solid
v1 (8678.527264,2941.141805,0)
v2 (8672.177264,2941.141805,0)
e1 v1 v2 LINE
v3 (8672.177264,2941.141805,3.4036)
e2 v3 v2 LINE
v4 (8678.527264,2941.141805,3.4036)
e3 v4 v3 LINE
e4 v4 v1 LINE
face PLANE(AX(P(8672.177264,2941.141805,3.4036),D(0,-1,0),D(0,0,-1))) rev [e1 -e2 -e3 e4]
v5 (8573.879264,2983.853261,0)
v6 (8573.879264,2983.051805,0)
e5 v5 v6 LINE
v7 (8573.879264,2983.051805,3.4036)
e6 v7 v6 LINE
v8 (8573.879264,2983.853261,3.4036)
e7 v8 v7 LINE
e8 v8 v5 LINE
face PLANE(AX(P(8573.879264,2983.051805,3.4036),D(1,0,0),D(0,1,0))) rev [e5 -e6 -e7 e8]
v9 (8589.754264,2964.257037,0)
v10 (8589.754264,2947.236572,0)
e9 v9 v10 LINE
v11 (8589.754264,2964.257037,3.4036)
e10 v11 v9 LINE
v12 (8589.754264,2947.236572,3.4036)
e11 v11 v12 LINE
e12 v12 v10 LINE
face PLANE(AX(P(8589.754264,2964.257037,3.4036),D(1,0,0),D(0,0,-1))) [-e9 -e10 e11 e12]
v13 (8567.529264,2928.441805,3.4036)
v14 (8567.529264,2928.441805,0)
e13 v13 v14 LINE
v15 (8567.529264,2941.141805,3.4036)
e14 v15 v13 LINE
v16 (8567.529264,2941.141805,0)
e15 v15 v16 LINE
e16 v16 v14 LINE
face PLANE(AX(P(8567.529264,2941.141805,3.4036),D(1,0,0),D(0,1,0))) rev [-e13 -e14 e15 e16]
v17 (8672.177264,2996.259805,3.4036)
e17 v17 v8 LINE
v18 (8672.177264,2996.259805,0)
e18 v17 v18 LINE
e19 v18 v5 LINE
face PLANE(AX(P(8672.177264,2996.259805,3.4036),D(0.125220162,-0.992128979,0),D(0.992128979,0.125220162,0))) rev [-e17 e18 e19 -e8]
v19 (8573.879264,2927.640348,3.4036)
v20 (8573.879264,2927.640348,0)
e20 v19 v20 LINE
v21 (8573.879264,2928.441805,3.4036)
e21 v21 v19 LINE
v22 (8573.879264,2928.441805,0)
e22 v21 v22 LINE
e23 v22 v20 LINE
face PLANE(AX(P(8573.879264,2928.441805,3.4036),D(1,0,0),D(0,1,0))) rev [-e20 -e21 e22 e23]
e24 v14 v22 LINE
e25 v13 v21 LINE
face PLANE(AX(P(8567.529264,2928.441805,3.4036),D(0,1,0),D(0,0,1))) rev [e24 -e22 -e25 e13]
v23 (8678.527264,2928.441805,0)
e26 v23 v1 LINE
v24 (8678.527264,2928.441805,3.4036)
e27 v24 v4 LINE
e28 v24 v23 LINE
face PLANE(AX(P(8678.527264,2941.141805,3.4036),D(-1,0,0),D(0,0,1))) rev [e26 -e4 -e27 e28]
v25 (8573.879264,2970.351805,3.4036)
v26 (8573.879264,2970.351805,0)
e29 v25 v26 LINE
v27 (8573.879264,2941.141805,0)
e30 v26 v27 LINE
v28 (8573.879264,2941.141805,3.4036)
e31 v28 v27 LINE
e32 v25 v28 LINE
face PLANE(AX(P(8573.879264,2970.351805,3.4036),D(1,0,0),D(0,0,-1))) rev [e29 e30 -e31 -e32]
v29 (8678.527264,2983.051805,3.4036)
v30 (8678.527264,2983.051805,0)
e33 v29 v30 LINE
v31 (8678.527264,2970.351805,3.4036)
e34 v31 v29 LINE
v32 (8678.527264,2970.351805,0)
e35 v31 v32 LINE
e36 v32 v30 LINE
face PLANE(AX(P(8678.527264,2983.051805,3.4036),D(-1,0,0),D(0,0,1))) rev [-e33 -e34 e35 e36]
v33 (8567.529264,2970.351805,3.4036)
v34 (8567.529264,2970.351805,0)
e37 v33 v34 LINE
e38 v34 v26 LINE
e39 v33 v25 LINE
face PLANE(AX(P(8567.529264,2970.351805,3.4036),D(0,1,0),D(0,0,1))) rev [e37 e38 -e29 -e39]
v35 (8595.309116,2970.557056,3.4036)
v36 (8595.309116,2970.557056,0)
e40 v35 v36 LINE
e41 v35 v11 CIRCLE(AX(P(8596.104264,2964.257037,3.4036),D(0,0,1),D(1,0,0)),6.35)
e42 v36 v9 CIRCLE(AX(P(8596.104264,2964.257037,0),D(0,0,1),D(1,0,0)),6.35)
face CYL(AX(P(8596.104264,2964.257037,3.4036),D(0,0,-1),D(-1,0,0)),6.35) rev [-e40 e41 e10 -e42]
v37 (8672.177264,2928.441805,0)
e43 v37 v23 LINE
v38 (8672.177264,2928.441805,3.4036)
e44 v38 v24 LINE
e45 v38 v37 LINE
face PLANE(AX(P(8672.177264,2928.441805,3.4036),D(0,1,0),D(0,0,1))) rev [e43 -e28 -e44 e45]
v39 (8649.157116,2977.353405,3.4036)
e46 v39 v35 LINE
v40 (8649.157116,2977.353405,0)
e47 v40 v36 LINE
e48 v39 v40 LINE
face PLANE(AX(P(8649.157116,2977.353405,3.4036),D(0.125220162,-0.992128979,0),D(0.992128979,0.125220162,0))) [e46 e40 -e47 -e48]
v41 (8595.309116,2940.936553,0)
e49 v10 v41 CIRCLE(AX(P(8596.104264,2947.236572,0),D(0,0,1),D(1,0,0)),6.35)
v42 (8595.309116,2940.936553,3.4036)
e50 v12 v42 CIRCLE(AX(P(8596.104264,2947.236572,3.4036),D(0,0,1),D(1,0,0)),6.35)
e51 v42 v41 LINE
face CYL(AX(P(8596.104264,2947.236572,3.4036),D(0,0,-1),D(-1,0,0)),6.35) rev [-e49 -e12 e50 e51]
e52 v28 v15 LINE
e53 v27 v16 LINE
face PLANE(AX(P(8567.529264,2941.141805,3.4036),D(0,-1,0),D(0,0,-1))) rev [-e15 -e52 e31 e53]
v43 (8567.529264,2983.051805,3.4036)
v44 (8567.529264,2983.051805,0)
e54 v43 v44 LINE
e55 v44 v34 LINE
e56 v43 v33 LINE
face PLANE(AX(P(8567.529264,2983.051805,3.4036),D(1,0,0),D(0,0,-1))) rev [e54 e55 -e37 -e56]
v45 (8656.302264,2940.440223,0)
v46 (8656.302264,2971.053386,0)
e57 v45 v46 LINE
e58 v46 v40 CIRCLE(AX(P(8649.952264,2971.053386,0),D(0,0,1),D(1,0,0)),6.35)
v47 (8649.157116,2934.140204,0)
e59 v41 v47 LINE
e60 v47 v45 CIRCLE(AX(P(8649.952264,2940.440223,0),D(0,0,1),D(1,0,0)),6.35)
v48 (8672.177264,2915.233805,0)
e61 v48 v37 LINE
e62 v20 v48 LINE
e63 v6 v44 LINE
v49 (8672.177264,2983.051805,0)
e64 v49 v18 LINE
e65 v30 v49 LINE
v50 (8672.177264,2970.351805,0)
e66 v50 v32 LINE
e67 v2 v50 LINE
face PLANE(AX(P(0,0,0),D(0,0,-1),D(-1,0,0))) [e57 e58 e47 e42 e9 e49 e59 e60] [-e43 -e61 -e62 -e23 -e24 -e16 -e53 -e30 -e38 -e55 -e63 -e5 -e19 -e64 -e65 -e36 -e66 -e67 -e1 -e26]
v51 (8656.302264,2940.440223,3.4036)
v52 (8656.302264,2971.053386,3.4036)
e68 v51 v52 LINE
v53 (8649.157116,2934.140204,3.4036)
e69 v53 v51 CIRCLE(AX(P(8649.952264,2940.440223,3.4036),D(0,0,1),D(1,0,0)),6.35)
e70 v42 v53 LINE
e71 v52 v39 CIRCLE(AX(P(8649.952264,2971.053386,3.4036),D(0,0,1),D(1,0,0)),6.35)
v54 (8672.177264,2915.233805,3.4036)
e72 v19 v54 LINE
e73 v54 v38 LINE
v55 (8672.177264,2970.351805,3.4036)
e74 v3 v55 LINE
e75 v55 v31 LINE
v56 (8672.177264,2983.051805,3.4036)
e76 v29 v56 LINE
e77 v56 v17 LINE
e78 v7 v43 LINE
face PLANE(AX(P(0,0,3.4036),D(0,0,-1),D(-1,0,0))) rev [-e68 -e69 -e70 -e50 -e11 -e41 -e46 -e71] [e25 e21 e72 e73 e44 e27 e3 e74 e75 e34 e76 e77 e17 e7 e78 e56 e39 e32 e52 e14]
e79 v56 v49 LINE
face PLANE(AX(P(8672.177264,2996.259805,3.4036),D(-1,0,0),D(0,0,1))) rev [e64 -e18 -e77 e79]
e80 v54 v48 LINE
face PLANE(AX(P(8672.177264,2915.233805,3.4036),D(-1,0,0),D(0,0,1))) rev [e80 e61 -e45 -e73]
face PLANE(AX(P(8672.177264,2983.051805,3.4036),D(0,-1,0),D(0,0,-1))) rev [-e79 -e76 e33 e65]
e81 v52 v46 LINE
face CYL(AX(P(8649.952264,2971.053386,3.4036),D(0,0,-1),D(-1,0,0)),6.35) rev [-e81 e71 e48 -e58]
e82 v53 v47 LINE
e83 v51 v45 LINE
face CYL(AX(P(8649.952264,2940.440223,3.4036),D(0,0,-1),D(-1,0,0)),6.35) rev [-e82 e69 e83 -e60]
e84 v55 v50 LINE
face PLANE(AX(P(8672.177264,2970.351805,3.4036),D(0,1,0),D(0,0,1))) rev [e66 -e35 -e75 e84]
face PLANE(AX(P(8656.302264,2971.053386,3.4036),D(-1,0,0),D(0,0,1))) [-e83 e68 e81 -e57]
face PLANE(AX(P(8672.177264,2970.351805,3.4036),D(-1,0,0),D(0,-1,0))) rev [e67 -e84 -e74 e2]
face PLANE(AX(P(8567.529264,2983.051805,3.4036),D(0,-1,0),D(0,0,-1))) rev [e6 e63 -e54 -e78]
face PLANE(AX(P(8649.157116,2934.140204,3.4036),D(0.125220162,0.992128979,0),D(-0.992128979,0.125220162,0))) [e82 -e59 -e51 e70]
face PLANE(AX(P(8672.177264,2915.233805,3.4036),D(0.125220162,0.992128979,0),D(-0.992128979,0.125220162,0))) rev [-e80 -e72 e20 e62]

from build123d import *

# Parameters (mm, degrees)
BOSS_EXTRUDE1_DEPTH = 3.4036


with BuildPart() as part:
    # Sketch1 → Boss-Extrude1 (new body)
    with BuildSketch(Plane.XY):
        Polygon((8672.177263948, 2928.441804612), (8678.527263948, 2928.441804612), (8678.527263948, 2941.141804612), (8672.177263948, 2941.141804612), (8672.177263948, 2970.351804612), (8678.527263948, 2970.351804612), (8678.527263948, 2983.051804612), (8672.177263948, 2983.051804612), (8672.177263948, 2996.259804612), (8573.879263948, 2983.853260922), (8573.879263948, 2983.051804612), (8567.529263948, 2983.051804612), (8567.529263948, 2970.351804612), (8573.879263948, 2970.351804612), (8573.879263948, 2941.141804612), (8567.529263948, 2941.141804612), (8567.529263948, 2928.441804612), (8573.879263948, 2928.441804612), (8573.879263948, 2927.640348301), (8672.177263948, 2915.233804612), align=None)
        with BuildLine():
            Line((8589.754263948, 2964.257036739), (8589.754263948, 2947.236572484))
            ThreePointArc((8589.754263948, 2947.236572484), (8591.34129796, 2943.036970717), (8595.309115917, 2940.936553468))
            Line((8595.309115917, 2940.936553468), (8649.157115917, 2934.140203953))
            ThreePointArc((8649.157115917, 2934.140203953), (8654.151865715, 2935.677256982), (8656.302263948, 2940.44022297))
            Line((8656.302263948, 2940.44022297), (8656.302263948, 2971.053386254))
            ThreePointArc((8656.302263948, 2971.053386254), (8654.151865715, 2975.816352241), (8649.157115917, 2977.35340527))
            Line((8649.157115917, 2977.35340527), (8595.309115917, 2970.557055756))
            ThreePointArc((8595.309115917, 2970.557055756), (8591.34129796, 2968.456638506), (8589.754263948, 2964.257036739))
        make_face(mode=Mode.SUBTRACT)
    extrude(amount=BOSS_EXTRUDE1_DEPTH)


solid = part.part
